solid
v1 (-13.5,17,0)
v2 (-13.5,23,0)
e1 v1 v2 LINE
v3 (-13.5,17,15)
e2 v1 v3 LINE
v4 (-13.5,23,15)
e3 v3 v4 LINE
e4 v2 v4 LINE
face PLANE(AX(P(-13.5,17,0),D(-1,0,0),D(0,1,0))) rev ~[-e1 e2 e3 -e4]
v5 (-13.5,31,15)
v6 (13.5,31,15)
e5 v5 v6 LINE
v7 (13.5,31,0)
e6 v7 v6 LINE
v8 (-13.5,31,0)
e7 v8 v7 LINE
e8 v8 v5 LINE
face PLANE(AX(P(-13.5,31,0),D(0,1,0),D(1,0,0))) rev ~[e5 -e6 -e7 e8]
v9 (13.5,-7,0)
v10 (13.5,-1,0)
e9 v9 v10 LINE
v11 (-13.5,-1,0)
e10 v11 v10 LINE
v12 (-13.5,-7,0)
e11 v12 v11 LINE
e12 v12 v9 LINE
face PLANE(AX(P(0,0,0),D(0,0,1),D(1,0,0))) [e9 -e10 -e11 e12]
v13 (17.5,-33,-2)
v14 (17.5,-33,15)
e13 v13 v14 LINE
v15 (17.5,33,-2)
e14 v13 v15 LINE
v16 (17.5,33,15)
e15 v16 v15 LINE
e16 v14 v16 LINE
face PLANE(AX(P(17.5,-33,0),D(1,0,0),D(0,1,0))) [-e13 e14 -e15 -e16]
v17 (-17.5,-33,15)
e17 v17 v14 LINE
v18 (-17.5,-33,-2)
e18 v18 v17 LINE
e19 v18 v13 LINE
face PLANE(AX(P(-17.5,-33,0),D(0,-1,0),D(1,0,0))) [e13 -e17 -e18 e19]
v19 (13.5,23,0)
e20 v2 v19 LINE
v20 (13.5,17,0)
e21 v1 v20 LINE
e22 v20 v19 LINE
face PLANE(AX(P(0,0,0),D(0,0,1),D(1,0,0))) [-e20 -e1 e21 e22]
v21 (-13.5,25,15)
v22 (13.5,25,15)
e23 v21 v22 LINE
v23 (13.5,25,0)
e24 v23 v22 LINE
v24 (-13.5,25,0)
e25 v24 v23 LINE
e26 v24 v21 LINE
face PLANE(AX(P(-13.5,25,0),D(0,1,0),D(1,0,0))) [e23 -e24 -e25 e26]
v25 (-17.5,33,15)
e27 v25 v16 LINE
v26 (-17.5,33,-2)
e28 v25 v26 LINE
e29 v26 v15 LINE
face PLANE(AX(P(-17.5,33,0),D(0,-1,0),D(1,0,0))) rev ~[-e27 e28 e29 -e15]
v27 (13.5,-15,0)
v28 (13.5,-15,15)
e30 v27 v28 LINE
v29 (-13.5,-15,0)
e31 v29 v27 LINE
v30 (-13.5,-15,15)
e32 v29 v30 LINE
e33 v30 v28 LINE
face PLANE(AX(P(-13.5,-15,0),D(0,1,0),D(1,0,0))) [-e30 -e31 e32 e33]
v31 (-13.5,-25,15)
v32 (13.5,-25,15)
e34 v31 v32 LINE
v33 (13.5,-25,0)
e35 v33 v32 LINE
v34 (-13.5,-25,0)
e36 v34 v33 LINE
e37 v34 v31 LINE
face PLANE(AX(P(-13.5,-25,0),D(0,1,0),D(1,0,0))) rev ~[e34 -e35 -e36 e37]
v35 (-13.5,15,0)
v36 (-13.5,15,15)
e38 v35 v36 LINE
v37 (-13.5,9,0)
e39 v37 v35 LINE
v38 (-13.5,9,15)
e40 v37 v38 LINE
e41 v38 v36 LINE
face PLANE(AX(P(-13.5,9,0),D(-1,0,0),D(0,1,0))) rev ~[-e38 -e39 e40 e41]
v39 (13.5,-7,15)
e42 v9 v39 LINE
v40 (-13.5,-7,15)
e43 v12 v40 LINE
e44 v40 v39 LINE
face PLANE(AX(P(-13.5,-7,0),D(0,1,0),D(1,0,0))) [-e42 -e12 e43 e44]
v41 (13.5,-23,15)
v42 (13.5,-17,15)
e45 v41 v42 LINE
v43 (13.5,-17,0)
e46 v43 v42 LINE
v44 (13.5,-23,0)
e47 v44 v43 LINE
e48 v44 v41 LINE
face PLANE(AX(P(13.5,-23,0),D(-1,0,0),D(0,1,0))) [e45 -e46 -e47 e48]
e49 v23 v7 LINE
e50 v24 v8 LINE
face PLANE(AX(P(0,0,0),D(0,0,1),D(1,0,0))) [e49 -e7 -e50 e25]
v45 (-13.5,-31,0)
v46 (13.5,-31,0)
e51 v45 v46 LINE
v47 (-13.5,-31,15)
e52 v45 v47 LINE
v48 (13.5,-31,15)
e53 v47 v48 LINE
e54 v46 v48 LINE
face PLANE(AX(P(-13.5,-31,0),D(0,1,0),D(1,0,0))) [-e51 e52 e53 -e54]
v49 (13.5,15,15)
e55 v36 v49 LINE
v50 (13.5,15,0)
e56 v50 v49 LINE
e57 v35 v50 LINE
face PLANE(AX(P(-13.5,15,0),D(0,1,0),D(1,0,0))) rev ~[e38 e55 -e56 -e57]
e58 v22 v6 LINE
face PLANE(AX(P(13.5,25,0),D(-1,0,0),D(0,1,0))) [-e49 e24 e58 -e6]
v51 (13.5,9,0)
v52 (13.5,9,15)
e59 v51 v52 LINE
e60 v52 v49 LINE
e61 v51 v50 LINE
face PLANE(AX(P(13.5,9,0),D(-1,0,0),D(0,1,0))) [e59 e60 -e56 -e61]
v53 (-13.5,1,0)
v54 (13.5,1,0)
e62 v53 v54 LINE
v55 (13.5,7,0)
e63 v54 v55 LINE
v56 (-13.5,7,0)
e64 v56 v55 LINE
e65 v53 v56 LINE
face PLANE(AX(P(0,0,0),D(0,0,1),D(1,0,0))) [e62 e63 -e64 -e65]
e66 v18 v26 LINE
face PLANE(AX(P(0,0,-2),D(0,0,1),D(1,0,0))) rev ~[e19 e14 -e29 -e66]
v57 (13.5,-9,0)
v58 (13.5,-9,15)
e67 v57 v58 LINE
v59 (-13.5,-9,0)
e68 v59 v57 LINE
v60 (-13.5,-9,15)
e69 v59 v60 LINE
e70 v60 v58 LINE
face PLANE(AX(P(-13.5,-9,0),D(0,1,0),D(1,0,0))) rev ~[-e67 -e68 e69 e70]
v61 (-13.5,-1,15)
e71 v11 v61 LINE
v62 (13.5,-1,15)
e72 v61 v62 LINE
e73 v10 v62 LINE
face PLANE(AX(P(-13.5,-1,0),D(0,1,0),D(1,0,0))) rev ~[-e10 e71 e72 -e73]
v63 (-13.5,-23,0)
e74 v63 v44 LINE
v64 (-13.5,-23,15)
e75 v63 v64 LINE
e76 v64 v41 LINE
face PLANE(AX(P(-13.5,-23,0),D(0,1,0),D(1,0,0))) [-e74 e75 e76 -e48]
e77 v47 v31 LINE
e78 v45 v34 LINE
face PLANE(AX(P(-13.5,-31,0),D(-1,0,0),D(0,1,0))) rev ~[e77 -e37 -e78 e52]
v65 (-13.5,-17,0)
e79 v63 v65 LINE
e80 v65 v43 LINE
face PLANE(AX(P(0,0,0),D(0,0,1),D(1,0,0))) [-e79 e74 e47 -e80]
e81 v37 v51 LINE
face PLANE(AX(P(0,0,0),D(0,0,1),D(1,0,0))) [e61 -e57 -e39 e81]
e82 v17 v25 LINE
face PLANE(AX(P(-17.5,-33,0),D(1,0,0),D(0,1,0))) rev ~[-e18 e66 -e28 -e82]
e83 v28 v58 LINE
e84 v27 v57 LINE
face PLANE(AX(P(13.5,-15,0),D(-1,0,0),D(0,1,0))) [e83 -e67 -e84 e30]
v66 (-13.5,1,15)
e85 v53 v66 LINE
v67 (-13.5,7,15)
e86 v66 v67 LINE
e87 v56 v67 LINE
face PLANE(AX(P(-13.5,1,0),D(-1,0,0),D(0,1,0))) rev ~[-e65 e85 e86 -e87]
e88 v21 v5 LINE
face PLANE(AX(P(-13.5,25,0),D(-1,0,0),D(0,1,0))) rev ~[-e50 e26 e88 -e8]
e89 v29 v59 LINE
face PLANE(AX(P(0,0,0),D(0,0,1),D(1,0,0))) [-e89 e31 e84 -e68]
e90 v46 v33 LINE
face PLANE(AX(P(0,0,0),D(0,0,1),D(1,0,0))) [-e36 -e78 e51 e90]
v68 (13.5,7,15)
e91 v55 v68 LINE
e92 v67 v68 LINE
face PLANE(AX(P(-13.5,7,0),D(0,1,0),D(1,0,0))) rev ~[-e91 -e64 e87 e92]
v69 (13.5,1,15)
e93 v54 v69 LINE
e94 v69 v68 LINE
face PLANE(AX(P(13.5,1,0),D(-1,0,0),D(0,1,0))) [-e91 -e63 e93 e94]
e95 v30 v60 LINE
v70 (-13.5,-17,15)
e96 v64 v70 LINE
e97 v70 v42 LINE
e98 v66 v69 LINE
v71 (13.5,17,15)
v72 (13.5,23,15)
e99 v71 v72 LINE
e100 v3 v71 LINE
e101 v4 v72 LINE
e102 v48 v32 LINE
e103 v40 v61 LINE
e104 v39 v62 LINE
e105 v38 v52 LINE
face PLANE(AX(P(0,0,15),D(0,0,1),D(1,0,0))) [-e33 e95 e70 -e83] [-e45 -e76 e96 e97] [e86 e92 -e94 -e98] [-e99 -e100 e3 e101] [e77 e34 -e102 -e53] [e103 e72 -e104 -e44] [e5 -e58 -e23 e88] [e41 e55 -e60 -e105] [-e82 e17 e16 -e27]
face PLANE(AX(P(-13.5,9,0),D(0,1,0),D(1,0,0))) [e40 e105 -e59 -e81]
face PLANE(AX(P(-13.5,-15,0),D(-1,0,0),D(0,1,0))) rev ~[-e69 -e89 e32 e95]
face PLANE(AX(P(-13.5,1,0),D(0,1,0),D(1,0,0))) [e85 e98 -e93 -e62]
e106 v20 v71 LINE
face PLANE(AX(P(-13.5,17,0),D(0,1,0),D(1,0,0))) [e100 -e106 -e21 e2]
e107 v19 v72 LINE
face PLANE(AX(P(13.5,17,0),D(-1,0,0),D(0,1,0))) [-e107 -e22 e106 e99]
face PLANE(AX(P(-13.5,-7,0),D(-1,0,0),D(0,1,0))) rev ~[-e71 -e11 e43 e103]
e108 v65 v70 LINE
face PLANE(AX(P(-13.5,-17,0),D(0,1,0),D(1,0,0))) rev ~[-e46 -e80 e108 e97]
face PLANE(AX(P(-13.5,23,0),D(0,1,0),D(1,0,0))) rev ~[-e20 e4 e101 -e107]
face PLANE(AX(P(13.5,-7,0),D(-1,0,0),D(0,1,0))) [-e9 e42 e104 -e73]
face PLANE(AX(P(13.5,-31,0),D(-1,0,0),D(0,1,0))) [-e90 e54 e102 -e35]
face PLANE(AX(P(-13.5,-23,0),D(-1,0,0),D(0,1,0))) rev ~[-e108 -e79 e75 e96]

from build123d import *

# Parameters (mm, degrees)
F0_W     = 35
F0_H     = 66
F0_W_2   = 27
F0_H_2   = 6
F1_DEPTH = 15
F2_DEPTH = 2


with BuildPart() as f1:
    # F0 (on Top) → F1 (new body)
    with BuildSketch(Plane.XY):
        Rectangle(F0_W, F0_H)
        with Locations((0, -28)):
            Rectangle(F0_W_2, F0_H_2, mode=Mode.SUBTRACT)
        with Locations((0, -20)):
            Rectangle(F0_W_2, F0_H_2, mode=Mode.SUBTRACT)
        with Locations((0, -12)):
            Rectangle(F0_W_2, F0_H_2, mode=Mode.SUBTRACT)
        with Locations((0, -4)):
            Rectangle(F0_W_2, F0_H_2, mode=Mode.SUBTRACT)
        with Locations((0, 4)):
            Rectangle(F0_W_2, F0_H_2, mode=Mode.SUBTRACT)
        with Locations((0, 12)):
            Rectangle(F0_W_2, F0_H_2, mode=Mode.SUBTRACT)
        with Locations((0, 20)):
            Rectangle(F0_W_2, F0_H_2, mode=Mode.SUBTRACT)
        with Locations((0, 28)):
            Rectangle(F0_W_2, F0_H_2, mode=Mode.SUBTRACT)
    extrude(amount=F1_DEPTH)

    # F0 (on Top) → F2 (join)
    with BuildSketch(Plane.XY):
        Rectangle(F0_W, F0_H)
        with Locations((0, -28)):
            Rectangle(F0_W_2, F0_H_2, mode=Mode.SUBTRACT)
        with Locations((0, -20)):
            Rectangle(F0_W_2, F0_H_2, mode=Mode.SUBTRACT)
        with Locations((0, -12)):
            Rectangle(F0_W_2, F0_H_2, mode=Mode.SUBTRACT)
        with Locations((0, -4)):
            Rectangle(F0_W_2, F0_H_2, mode=Mode.SUBTRACT)
        with Locations((0, 4)):
            Rectangle(F0_W_2, F0_H_2, mode=Mode.SUBTRACT)
        with Locations((0, 12)):
            Rectangle(F0_W_2, F0_H_2, mode=Mode.SUBTRACT)
        with Locations((0, 20)):
            Rectangle(F0_W_2, F0_H_2, mode=Mode.SUBTRACT)
        with Locations((0, 28)):
            Rectangle(F0_W_2, F0_H_2, mode=Mode.SUBTRACT)
        with Locations((0, 28)):
            Rectangle(F0_W_2, F0_H_2)
        with Locations((0, 20)):
            Rectangle(F0_W_2, F0_H_2)
        with Locations((0, 12)):
            Rectangle(F0_W_2, F0_H_2)
        with Locations((0, 4)):
            Rectangle(F0_W_2, F0_H_2)
        with Locations((0, -4)):
            Rectangle(F0_W_2, F0_H_2)
        with Locations((0, -12)):
            Rectangle(F0_W_2, F0_H_2)
        with Locations((0, -20)):
            Rectangle(F0_W_2, F0_H_2)
        with Locations((0, -28)):
            Rectangle(F0_W_2, F0_H_2)
    extrude(amount=-F2_DEPTH)


solid = f1.part
